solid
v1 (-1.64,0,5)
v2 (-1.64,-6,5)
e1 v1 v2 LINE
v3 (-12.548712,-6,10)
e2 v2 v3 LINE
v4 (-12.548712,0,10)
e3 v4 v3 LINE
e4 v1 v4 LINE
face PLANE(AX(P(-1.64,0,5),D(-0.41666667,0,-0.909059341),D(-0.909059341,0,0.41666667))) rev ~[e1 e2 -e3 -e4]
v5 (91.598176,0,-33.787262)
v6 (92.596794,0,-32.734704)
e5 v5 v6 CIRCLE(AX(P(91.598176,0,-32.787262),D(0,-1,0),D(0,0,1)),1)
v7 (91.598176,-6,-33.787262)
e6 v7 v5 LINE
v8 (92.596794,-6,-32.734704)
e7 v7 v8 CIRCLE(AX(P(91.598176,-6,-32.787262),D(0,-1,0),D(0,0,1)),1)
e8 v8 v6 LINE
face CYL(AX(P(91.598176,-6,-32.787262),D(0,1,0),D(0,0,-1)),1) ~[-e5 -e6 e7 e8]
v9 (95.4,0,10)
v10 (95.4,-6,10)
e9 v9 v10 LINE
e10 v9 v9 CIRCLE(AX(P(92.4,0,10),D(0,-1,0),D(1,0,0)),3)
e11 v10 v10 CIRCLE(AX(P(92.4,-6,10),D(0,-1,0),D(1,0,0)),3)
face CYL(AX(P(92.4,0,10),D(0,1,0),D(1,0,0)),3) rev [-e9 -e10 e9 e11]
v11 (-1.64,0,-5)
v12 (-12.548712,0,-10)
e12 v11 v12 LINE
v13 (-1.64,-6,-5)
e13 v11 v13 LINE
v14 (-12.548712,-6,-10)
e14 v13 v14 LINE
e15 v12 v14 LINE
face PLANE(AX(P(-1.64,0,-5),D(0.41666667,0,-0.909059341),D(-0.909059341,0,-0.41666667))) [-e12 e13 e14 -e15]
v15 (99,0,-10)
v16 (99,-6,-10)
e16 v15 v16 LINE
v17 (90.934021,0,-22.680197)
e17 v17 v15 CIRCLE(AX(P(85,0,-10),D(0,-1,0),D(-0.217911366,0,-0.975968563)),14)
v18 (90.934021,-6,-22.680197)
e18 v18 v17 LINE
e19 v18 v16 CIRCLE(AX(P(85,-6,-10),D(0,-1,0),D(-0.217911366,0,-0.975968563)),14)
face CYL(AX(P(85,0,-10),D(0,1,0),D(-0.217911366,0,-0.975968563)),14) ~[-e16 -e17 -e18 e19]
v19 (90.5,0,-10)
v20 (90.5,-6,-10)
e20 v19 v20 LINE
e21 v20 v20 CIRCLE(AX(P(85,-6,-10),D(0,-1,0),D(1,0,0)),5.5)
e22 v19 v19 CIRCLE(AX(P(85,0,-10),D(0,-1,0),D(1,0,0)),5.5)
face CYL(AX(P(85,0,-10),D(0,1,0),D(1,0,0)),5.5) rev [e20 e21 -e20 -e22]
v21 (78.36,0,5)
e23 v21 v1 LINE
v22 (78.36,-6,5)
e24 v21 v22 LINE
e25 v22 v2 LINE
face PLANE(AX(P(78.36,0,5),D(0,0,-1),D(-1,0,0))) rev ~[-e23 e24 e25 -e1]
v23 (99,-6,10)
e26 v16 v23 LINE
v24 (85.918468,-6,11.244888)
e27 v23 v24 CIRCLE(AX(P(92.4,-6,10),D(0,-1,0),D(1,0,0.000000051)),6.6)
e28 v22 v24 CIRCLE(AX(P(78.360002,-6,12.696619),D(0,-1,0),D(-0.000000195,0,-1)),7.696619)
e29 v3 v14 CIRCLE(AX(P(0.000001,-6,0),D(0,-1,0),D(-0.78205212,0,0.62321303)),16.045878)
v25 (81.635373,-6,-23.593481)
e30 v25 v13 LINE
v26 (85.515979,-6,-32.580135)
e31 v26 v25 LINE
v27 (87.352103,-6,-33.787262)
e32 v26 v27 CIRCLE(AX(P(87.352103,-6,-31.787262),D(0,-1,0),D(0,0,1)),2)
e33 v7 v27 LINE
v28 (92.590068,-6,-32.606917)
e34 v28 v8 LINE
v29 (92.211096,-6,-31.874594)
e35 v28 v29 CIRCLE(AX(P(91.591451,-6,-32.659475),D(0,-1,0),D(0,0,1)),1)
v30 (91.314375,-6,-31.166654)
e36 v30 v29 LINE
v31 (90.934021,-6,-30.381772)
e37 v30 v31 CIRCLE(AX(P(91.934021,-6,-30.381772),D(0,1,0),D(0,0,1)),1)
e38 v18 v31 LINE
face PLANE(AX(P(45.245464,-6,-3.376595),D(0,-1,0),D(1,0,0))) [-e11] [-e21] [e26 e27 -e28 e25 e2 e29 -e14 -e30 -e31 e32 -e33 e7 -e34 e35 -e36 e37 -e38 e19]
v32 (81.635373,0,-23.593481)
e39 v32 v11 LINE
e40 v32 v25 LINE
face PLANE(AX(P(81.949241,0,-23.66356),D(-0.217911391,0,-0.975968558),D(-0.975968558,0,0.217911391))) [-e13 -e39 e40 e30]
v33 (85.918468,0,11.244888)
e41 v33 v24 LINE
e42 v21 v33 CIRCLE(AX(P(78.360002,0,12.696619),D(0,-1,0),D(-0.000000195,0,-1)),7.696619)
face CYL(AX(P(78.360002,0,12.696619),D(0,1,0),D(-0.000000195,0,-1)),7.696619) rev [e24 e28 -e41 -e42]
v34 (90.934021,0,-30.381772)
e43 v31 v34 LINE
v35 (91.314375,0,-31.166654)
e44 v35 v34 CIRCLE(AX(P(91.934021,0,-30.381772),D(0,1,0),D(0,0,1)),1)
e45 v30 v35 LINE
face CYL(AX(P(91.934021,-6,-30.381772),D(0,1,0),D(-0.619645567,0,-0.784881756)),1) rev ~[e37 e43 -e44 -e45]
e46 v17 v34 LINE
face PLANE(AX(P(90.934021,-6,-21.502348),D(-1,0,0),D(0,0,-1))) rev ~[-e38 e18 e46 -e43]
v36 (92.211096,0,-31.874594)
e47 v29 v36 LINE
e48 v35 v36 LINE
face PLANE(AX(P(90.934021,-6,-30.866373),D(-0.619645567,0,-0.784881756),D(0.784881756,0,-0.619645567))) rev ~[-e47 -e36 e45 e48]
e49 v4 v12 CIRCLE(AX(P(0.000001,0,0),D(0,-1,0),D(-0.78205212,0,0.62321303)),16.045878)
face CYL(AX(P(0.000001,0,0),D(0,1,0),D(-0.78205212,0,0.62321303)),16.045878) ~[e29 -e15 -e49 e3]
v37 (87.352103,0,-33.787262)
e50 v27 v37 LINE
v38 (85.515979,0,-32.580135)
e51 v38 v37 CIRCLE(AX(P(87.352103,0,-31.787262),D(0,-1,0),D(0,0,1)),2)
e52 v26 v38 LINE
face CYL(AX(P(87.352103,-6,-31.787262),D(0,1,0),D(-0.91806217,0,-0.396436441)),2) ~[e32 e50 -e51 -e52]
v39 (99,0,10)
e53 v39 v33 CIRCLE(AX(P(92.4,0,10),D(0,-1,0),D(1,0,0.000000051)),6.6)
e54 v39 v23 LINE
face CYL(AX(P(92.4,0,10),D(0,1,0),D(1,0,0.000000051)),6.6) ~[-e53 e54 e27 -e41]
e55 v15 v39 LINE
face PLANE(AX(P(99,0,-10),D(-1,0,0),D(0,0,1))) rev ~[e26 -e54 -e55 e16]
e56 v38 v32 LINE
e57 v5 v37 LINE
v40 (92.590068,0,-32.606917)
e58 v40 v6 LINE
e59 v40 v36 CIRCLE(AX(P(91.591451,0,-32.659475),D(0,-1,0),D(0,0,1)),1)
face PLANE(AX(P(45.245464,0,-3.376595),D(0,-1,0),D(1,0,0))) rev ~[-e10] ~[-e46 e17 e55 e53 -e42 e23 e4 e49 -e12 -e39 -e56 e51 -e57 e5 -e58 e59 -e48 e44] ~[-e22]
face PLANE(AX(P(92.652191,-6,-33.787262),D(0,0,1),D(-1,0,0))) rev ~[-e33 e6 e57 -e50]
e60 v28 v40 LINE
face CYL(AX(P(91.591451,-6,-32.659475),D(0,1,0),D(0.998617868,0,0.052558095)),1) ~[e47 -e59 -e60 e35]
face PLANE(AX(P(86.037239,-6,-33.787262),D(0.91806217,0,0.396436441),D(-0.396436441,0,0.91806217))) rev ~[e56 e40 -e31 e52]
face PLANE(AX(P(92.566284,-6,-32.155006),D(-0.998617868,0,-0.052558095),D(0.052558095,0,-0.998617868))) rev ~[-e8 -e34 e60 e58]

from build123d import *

# Parameters (mm, degrees)
SKETCH_R     = 3
SKETCH_R_2   = 5.5
PAD_DEPTH    = 6
PAD001_DEPTH = 6
FILLET_R     = 2
FILLET001_R  = 1
FILLET002_R  = 1
FILLET003_R  = 1


with BuildPart() as part:
    # Sketch → Pad (new body)
    with BuildSketch(Plane.XZ):
        with BuildLine():
            ThreePointArc((-12.548712, 10), (-16.045877, 0), (-12.548712, -10))
            Line((-1.64, -5), (-12.548712, -10))
            Line((81.949241, -23.66356), (-1.64, -5))
            ThreePointArc((81.949241, -23.66356), (93.754695, -20.924986), (99, -10))
            Line((99, -10), (99, 10))
            ThreePointArc((99, 10), (93.025256, 16.570316), (85.918468, 11.244888))
            ThreePointArc((78.36, 5), (83.262272, 6.763181), (85.918468, 11.244888))
            Line((78.36, 5), (-1.64, 5))
            Line((-1.64, 5), (-12.548712, 10))
        make_face()
        with Locations((92.4, 10)):
            Circle(SKETCH_R, mode=Mode.SUBTRACT)
        with Locations((85, -10)):
            Circle(SKETCH_R_2, mode=Mode.SUBTRACT)
    extrude(amount=PAD_DEPTH)

    # Sketch004 (on Face13 of Pad) → Pad001 (join)
    with BuildSketch(Plane.XZ.offset(6)):
        Polygon((81.14045, -22.447344), (90.934021, -21.502348), (90.934021, -30.866373), (92.566284, -32.155006), (92.652191, -33.787262), (86.037239, -33.787262), align=None)
    extrude(amount=-PAD001_DEPTH)

    # Fillet
    fillet_edges = [part.edges().sort_by_distance(p)[0] for p in [
        (86.037239, -3, -33.787262),
    ]]
    fillet(fillet_edges, radius=FILLET_R)

    # Fillet001
    fillet001_edges = [part.edges().sort_by_distance(p)[0] for p in [
        (92.652191, -3, -33.787262),
    ]]
    fillet(fillet001_edges, radius=FILLET001_R)

    # Fillet002
    fillet002_edges = [part.edges().sort_by_distance(p)[0] for p in [
        (92.566284, -3, -32.155006),
    ]]
    fillet(fillet002_edges, radius=FILLET002_R)

    # Fillet003
    fillet003_edges = [part.edges().sort_by_distance(p)[0] for p in [
        (90.934021, -3, -30.866373),
    ]]
    fillet(fillet003_edges, radius=FILLET003_R)


solid = part.part
